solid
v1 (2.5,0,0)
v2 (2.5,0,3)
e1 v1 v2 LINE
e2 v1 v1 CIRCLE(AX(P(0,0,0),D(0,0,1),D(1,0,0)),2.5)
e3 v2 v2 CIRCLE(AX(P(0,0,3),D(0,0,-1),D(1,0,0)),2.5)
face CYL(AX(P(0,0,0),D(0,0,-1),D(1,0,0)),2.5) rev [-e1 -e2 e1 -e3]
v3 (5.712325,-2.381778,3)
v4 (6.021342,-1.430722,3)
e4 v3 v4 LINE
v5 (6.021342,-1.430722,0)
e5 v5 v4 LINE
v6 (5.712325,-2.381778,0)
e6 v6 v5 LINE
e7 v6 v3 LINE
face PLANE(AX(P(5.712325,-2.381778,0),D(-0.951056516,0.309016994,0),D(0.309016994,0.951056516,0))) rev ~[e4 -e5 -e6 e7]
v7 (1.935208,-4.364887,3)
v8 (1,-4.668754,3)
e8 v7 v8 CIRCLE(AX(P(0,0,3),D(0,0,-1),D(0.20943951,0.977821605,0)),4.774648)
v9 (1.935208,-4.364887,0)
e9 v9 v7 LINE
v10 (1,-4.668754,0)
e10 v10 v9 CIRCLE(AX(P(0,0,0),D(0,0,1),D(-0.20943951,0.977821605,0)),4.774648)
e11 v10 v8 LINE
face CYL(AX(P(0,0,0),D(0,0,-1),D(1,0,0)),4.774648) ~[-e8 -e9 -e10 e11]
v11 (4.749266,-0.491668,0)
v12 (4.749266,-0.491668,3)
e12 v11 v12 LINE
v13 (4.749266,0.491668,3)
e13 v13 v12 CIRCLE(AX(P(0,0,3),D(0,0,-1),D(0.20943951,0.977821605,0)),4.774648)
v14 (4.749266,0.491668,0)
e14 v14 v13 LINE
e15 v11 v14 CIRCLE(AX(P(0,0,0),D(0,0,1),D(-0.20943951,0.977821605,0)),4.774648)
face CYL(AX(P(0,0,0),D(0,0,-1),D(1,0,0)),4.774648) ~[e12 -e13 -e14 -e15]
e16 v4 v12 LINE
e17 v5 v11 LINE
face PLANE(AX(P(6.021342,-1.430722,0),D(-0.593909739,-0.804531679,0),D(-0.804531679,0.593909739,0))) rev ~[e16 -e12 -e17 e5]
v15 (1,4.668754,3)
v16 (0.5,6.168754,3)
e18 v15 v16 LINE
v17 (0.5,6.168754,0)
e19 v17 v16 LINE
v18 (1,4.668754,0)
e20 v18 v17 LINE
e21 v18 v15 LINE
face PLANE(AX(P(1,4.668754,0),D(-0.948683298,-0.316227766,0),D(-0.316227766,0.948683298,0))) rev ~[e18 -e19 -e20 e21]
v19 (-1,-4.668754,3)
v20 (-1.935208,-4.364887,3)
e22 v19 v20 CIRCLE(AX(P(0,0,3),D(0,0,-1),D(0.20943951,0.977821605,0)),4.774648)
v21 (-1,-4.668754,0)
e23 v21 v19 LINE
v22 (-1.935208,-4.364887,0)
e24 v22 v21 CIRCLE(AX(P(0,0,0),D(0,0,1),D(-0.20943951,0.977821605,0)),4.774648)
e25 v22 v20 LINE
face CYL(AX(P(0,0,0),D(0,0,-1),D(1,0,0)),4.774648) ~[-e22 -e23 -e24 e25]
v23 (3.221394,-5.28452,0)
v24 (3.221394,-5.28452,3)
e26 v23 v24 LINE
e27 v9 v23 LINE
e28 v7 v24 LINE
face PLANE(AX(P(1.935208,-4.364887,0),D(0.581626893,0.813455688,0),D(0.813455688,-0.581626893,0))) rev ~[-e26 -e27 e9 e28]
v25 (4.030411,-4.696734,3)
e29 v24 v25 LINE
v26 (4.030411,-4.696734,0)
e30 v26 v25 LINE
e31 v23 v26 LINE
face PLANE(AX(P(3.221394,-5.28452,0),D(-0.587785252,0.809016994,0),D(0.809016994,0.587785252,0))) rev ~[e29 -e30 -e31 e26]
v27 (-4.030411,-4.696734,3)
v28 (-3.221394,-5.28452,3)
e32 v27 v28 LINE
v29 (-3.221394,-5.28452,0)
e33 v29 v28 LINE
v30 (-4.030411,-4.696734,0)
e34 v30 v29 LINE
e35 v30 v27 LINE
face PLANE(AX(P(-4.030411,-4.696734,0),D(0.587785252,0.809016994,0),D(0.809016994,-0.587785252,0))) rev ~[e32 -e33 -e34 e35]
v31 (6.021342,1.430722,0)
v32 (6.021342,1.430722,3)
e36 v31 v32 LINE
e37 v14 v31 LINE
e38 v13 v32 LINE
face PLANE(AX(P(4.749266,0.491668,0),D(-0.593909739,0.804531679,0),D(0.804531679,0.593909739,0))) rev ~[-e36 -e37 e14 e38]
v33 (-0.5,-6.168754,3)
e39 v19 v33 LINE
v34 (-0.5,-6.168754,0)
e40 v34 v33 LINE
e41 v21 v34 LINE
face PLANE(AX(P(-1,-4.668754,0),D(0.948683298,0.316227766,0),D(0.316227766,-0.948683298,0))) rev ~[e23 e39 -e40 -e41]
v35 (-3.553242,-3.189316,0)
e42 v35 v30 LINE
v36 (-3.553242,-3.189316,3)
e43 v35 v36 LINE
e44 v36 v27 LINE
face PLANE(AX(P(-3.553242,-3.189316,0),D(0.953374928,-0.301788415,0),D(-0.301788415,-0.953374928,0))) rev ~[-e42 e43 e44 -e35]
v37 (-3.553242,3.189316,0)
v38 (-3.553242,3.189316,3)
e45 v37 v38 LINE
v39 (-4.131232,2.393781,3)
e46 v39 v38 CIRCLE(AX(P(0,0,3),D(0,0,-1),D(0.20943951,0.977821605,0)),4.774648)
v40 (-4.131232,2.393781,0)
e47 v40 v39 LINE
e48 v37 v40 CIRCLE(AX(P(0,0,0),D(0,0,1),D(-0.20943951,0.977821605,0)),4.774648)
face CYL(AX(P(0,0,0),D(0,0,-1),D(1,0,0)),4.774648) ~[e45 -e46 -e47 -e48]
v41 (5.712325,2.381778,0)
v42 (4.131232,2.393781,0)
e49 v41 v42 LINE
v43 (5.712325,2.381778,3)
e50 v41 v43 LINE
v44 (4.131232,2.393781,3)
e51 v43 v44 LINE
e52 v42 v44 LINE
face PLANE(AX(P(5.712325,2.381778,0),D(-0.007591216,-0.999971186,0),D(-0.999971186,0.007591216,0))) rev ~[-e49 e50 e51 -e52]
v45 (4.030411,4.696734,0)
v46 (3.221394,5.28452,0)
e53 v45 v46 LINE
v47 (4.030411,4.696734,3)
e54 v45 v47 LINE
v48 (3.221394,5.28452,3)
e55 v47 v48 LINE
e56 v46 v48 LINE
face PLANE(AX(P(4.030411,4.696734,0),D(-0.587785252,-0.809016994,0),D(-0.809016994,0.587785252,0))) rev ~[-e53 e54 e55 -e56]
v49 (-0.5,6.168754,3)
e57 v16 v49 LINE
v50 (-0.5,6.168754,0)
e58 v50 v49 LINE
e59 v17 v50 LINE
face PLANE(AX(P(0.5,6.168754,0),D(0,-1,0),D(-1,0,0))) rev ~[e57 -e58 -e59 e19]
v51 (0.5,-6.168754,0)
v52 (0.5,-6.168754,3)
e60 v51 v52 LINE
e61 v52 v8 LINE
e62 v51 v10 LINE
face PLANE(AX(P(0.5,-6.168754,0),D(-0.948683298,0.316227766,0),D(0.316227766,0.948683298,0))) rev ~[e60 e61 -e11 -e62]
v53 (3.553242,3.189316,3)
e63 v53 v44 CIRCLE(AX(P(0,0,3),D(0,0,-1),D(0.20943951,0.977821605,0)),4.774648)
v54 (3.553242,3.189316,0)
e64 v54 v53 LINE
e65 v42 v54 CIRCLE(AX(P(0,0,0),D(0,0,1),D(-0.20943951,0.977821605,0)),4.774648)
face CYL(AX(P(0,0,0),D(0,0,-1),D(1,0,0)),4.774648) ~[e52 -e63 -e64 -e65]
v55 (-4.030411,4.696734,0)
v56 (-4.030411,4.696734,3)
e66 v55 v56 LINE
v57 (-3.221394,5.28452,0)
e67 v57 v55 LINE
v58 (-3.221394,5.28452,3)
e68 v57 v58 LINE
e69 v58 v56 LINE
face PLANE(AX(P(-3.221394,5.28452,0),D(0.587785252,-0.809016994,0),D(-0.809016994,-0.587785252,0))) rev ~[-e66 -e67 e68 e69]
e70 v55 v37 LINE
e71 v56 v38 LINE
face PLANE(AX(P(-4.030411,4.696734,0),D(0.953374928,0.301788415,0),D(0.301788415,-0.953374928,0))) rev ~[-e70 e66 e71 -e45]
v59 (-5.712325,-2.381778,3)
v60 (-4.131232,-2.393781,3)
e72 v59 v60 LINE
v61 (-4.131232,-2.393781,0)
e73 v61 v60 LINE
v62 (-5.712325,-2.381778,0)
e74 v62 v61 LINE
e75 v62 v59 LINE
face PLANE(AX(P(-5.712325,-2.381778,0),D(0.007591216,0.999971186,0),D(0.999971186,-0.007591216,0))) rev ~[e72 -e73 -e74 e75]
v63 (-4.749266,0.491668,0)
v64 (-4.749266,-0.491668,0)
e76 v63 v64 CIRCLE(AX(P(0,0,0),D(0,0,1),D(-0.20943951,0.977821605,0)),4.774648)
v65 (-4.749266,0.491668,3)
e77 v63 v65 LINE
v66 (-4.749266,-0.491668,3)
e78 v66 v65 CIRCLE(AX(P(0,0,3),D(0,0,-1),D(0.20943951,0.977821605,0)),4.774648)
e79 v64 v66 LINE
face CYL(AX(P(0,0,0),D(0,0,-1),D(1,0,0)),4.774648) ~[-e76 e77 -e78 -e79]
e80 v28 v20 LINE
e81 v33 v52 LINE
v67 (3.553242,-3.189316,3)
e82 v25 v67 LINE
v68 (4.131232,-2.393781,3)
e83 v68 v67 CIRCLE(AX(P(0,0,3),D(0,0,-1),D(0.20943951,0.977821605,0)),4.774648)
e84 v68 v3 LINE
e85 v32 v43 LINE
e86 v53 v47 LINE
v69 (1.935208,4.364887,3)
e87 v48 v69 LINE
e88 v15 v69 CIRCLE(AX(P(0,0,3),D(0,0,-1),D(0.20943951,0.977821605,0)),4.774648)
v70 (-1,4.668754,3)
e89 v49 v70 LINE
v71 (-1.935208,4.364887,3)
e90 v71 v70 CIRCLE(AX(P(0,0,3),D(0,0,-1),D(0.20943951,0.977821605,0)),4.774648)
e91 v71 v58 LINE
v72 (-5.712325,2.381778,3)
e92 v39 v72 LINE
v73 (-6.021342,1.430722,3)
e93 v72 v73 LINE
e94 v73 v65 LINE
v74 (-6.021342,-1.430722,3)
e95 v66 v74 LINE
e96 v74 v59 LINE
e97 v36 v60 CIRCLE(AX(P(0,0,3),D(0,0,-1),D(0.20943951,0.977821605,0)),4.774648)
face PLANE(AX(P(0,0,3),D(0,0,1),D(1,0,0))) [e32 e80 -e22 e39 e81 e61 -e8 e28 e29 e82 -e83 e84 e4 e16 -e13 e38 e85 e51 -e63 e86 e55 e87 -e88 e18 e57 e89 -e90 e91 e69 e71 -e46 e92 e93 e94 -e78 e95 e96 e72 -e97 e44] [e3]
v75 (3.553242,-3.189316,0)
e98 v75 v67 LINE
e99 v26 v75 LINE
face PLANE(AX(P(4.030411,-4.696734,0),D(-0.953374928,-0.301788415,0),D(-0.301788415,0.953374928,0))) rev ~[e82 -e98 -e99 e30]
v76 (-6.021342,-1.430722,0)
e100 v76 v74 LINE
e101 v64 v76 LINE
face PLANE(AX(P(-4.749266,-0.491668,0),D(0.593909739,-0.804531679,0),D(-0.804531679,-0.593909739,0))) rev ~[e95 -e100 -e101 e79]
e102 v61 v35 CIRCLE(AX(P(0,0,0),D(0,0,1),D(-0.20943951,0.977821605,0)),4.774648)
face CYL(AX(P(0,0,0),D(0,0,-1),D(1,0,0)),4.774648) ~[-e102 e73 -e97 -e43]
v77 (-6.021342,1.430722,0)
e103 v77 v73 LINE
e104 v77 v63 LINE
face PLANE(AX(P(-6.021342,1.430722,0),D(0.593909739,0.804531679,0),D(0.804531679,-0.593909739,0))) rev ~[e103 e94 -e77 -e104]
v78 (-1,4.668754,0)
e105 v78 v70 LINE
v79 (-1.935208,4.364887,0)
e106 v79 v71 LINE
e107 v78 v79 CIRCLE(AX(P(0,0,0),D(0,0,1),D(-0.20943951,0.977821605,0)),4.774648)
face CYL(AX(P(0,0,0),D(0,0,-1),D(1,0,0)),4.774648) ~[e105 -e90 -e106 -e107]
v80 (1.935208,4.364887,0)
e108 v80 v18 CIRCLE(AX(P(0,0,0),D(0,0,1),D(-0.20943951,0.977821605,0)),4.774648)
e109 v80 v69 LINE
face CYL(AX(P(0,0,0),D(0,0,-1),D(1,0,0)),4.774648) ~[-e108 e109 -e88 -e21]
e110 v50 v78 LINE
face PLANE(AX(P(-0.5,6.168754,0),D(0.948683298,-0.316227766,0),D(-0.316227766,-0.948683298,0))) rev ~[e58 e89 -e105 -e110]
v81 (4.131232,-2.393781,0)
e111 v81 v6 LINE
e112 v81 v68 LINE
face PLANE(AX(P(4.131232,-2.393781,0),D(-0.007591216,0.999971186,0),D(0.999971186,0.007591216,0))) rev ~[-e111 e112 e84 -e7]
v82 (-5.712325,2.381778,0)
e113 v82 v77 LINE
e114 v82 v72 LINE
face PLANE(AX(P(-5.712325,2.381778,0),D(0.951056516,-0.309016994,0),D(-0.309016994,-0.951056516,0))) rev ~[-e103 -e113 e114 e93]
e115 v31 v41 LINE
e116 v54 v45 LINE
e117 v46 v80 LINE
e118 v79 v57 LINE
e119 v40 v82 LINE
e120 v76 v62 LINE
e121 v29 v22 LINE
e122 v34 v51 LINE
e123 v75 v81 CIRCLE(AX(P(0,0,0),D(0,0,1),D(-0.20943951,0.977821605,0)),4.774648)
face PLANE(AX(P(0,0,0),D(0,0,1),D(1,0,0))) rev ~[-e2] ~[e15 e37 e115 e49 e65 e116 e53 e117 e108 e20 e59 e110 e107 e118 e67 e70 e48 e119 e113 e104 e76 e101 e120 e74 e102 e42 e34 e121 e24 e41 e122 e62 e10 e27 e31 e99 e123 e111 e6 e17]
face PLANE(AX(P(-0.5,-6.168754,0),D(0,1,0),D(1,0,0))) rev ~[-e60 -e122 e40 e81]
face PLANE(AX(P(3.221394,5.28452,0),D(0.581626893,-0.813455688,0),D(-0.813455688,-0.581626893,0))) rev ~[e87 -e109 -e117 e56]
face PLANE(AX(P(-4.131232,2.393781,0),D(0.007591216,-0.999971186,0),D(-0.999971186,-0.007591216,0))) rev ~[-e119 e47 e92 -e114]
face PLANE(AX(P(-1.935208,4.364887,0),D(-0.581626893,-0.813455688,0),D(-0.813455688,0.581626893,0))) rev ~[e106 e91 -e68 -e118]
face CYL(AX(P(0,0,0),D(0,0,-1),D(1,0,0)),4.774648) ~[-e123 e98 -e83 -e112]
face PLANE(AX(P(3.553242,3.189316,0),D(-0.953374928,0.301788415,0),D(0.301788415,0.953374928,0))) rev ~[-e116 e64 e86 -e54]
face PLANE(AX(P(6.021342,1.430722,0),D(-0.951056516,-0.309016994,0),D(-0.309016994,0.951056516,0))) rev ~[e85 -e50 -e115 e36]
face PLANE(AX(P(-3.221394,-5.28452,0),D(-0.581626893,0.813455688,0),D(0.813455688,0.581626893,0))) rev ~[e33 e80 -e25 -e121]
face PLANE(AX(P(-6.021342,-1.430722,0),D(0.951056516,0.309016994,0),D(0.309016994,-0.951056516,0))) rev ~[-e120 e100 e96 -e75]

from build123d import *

# Parameters (mm, degrees)
F0_R     = 4.7746482928
F0_R_2   = 2.5
F2_DEPTH = 3
F3_COUNT = 10
F3_ANGLE = 324


with BuildPart() as f2:
    # F0 (on Top) + F1 (on face) → F2 (new body)
    with BuildSketch(Plane.XY):
        Circle(F0_R)
        Circle(F0_R_2, mode=Mode.SUBTRACT)
    with BuildSketch(Plane.XY):
        with BuildLine():
            ThreePointArc((-1, 4.6687542578), (0, 4.7746482928), (1, 4.6687542578))
            Line((1, 4.6687542578), (0.5, 6.1687542578))
            Line((0.5, 6.1687542578), (-0.5, 6.1687542578))
            Line((-0.5, 6.1687542578), (-1, 4.6687542578))
        make_face()
    extrude(amount=F2_DEPTH)

    # F3: F2 ×10 about axis
    f3_axis = Axis((0, 0, 3), (0, 0, -1))


with BuildPart() as f2_1:
    add(f2.part)
    for i in range(1, F3_COUNT):
        add(f2.part.rotate(f3_axis, i * F3_ANGLE / (F3_COUNT - 1)))


solid = f2_1.part
